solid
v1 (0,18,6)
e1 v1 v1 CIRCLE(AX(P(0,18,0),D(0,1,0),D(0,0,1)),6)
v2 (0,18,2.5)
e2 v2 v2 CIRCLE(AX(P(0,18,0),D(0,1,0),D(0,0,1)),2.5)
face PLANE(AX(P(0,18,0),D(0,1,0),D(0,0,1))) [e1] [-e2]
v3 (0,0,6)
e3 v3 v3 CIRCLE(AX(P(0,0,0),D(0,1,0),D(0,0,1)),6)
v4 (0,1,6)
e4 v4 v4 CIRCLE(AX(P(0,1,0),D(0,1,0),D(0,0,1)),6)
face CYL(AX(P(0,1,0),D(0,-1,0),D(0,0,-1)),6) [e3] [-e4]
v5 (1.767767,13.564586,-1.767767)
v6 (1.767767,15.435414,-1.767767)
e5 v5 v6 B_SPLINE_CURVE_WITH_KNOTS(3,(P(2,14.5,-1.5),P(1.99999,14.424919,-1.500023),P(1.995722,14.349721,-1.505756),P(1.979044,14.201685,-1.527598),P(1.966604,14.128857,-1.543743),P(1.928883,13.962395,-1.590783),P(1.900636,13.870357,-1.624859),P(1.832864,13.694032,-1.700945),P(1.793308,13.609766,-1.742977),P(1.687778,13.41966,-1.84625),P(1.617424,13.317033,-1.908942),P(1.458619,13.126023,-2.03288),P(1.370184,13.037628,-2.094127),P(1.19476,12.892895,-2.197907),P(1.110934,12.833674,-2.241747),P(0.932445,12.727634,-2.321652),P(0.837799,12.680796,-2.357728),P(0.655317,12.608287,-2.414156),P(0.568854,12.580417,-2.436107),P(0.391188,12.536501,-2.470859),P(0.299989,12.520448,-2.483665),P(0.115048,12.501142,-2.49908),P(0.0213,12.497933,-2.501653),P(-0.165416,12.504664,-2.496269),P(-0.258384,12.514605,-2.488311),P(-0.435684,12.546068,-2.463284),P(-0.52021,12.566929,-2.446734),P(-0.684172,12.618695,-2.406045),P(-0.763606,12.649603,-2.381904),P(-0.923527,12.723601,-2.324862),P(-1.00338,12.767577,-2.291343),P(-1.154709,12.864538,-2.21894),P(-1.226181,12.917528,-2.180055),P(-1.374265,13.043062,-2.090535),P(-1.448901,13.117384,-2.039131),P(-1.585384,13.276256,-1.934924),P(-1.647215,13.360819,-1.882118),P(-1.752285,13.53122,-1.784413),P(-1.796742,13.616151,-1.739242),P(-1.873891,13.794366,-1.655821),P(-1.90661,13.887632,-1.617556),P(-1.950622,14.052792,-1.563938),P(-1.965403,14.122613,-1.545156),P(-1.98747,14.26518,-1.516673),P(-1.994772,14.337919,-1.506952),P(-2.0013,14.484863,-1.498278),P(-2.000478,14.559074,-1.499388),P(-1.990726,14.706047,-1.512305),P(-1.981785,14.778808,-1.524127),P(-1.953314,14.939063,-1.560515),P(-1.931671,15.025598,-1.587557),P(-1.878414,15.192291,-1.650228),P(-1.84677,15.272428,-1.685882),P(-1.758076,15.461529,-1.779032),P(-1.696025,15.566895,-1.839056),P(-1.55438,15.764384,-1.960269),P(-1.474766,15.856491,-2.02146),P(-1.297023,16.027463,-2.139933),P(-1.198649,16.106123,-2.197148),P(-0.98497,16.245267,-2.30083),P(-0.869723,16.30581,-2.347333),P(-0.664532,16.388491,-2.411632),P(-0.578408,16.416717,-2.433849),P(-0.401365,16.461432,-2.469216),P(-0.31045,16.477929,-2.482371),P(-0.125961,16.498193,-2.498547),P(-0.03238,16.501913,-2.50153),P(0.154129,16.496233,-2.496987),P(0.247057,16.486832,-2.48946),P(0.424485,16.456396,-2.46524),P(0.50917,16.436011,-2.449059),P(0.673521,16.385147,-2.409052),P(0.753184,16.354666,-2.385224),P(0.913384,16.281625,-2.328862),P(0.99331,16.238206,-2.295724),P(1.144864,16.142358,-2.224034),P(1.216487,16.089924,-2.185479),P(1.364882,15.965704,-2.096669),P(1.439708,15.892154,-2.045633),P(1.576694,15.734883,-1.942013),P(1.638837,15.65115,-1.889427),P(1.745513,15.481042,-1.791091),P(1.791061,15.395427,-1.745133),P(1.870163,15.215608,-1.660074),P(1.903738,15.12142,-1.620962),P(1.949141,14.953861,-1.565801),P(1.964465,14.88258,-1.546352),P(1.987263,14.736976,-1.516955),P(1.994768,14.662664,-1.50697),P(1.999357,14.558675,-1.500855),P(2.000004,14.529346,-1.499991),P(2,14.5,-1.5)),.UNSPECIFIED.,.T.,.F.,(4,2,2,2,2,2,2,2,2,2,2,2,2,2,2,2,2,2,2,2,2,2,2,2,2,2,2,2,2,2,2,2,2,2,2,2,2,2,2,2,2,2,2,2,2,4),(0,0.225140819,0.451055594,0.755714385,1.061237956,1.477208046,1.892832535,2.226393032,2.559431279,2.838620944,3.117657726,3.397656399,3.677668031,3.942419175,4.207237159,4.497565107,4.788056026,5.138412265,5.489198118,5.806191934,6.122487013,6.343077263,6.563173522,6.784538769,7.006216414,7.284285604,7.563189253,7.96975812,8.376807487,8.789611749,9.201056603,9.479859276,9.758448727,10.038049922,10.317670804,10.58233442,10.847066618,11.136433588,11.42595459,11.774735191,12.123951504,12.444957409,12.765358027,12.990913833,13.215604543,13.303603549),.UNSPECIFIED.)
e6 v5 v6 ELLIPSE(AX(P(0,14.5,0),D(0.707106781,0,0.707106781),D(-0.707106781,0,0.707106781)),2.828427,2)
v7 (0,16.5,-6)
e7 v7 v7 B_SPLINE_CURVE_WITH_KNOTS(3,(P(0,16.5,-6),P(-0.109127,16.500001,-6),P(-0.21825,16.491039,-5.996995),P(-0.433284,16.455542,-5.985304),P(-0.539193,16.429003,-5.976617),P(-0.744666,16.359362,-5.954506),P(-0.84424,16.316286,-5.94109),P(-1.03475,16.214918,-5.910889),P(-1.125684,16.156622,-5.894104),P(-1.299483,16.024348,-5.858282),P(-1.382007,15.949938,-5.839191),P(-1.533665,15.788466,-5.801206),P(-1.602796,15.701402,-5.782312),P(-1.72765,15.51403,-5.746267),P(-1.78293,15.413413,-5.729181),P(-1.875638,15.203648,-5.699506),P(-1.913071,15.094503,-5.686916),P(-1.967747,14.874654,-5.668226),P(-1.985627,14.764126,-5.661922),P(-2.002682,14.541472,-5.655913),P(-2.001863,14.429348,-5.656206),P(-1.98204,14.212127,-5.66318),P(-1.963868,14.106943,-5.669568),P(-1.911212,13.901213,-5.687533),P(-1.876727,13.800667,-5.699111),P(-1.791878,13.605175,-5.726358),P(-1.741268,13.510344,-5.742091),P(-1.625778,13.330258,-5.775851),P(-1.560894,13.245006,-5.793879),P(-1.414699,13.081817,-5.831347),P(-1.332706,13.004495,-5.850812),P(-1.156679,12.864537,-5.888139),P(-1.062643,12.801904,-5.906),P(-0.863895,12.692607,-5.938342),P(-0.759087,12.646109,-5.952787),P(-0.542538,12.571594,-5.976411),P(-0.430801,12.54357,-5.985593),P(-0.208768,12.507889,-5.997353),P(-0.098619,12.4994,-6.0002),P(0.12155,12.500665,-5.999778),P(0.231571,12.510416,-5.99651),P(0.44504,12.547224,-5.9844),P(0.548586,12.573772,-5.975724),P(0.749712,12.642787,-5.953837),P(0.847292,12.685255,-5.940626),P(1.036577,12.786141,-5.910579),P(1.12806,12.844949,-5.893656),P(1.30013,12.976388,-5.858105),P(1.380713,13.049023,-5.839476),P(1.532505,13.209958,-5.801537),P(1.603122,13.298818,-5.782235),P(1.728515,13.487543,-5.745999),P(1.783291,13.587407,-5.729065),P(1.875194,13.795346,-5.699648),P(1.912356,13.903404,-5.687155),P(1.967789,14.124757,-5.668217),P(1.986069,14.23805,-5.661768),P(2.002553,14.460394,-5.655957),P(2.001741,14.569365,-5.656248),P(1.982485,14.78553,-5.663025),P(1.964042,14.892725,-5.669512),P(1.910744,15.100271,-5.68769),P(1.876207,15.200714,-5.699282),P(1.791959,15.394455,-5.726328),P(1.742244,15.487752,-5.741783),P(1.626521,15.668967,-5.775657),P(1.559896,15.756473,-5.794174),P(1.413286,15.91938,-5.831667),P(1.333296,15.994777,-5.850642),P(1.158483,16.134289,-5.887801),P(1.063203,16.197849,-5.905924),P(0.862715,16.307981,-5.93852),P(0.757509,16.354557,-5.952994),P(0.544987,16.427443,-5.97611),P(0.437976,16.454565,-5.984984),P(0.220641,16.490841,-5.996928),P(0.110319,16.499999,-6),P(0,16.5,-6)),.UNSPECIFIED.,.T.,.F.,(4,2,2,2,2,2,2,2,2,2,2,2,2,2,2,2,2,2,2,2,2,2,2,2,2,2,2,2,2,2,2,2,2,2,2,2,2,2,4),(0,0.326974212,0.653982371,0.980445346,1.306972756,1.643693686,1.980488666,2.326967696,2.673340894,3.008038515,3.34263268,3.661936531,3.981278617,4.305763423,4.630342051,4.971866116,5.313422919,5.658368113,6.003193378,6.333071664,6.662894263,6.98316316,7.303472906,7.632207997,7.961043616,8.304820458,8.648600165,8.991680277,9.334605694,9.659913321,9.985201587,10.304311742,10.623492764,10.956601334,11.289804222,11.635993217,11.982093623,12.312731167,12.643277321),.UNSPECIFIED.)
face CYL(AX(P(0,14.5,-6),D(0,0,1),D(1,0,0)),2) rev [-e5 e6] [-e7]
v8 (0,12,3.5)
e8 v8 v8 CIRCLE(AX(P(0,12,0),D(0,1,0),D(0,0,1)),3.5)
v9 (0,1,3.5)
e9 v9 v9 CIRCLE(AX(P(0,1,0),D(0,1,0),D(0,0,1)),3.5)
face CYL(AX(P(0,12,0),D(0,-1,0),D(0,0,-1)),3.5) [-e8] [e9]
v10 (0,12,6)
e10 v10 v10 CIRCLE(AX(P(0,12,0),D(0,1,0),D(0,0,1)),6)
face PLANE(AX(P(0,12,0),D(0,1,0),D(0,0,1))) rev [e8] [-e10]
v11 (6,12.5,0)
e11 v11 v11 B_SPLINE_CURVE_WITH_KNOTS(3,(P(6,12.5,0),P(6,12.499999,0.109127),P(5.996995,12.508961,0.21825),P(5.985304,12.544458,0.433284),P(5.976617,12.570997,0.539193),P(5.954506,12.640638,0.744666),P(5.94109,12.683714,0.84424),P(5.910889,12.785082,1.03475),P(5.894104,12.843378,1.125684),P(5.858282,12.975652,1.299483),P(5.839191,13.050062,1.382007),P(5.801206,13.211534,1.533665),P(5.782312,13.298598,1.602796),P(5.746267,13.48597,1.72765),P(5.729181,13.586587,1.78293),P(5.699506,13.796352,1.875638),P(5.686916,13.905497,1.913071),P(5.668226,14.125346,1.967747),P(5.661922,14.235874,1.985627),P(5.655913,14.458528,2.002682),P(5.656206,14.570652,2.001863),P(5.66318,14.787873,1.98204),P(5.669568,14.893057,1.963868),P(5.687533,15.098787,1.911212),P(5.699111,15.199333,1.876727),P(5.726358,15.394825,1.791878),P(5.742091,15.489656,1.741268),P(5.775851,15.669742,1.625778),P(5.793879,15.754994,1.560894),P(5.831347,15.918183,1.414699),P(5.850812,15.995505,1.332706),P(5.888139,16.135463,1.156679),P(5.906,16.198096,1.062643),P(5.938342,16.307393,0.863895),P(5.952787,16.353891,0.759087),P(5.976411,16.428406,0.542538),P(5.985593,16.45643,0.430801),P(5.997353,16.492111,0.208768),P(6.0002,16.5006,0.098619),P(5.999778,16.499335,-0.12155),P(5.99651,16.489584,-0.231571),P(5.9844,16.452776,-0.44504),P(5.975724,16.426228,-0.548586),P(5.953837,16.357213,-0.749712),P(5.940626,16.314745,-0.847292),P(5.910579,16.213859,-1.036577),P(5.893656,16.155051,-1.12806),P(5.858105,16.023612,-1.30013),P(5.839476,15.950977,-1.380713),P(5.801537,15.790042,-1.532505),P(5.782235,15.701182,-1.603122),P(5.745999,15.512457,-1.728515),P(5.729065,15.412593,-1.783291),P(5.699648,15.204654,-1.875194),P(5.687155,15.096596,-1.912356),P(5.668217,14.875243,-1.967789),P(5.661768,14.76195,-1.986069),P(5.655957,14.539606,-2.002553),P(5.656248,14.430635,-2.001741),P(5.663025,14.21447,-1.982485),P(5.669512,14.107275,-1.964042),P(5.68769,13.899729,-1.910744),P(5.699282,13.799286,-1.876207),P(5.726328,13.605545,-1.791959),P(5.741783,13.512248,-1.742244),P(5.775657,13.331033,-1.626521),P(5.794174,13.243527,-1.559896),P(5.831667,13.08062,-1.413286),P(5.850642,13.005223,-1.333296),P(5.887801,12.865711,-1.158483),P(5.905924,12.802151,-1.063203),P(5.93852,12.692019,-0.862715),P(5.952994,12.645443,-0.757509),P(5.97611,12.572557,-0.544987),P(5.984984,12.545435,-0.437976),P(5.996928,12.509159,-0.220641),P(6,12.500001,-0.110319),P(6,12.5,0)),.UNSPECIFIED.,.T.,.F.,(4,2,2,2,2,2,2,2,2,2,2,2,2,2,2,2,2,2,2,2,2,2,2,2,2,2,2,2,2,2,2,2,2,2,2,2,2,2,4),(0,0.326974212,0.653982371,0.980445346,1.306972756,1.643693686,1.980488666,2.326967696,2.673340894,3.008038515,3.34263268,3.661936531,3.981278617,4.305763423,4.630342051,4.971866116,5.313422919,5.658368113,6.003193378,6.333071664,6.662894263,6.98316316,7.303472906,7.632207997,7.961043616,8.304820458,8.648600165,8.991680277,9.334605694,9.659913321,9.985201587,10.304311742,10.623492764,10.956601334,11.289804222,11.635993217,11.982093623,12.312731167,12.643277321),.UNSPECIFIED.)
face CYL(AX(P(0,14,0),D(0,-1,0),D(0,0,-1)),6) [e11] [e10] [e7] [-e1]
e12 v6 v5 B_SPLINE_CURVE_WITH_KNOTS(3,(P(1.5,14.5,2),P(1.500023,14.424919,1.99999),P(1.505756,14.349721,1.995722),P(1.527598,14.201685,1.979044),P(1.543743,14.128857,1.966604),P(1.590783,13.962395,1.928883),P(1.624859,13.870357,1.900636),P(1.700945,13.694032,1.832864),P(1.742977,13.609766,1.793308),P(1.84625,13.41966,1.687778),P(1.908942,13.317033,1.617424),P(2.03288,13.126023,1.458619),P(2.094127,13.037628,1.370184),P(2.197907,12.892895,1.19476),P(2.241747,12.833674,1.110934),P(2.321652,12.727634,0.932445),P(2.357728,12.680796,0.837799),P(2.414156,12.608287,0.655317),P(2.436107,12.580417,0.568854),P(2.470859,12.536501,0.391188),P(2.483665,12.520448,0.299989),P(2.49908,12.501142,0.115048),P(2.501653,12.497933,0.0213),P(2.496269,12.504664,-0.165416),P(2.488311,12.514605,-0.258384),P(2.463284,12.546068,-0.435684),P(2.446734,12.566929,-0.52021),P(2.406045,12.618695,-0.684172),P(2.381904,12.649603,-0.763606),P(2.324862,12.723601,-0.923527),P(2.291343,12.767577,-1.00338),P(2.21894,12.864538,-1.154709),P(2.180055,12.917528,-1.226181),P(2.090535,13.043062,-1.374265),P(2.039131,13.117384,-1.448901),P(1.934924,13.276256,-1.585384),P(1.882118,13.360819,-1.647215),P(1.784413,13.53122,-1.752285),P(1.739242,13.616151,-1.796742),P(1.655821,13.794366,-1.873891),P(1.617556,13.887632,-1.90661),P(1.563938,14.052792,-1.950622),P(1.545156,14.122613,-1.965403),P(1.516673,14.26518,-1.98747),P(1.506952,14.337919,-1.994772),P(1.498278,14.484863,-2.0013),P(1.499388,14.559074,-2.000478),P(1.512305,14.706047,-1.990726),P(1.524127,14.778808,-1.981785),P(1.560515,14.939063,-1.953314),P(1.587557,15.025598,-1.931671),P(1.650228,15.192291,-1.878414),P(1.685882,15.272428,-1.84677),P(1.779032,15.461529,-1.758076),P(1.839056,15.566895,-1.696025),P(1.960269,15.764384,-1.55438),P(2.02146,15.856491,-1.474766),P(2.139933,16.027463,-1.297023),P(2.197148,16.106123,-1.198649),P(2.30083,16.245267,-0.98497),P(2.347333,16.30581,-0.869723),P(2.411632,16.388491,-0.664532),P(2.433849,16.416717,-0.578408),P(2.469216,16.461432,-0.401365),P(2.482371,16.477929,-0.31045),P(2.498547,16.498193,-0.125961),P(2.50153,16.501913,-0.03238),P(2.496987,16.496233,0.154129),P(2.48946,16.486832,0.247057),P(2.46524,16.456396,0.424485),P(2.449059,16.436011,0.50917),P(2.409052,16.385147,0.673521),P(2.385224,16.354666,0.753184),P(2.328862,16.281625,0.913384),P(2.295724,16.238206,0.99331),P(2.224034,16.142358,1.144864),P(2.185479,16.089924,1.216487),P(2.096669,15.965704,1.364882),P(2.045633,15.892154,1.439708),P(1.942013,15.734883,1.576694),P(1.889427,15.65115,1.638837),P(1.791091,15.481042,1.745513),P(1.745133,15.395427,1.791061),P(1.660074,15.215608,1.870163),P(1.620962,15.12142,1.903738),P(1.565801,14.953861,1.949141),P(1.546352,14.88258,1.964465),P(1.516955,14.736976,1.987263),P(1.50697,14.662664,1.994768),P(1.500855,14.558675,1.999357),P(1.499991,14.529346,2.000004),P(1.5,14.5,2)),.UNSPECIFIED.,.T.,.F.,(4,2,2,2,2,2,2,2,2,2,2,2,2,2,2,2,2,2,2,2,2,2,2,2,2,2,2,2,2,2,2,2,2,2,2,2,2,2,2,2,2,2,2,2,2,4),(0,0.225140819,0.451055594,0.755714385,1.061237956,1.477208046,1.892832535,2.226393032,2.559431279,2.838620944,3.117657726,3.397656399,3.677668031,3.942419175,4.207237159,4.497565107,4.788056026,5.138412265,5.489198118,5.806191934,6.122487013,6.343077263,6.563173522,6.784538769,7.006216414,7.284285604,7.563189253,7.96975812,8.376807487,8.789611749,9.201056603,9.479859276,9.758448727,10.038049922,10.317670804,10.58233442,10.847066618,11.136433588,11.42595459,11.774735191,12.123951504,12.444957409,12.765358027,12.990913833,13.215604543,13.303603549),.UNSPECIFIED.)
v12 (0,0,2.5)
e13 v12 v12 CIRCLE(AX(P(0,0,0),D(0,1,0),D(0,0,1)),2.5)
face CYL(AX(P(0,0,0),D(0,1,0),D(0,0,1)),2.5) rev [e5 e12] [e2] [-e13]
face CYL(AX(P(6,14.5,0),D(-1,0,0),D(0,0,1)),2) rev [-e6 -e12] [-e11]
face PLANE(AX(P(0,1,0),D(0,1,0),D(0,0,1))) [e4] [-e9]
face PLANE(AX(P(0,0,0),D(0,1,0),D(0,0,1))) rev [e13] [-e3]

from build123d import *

# Parameters (mm, degrees)
SKETCH1_R           = 6
BOSS_EXTRUDE1_DEPTH = 1
SKETCH2_R           = 3.5
BOSS_EXTRUDE2_DEPTH = 11
SKETCH3_R           = 6
BOSS_EXTRUDE3_DEPTH = 2
SKETCH4_R           = 6
BOSS_EXTRUDE4_DEPTH = 4
SKETCH5_R           = 2.5
CUT_EXTRUDE1_DEPTH  = 19
SKETCH6_R           = 2
CUT_EXTRUDE2_DEPTH  = 7
CIRPATTERN1_COUNT   = 2
CIRPATTERN1_ANGLE   = 90


with BuildPart() as part:
    # Sketch1 → Boss-Extrude1 (new body)
    with BuildSketch(Plane(origin=(0, 0, 0), x_dir=(1, 0, 0), z_dir=(0, 1, 0))):
        Circle(SKETCH1_R)
    extrude(amount=BOSS_EXTRUDE1_DEPTH)

    # Sketch2 → Boss-Extrude2 (add)
    with BuildSketch(Plane(origin=(0, 1, 0), x_dir=(1, 0, 0), z_dir=(0, 1, 0))):
        Circle(SKETCH2_R)
    extrude(amount=BOSS_EXTRUDE2_DEPTH)

    # Sketch3 → Boss-Extrude3 (add)
    with BuildSketch(Plane(origin=(0, 12, 0), x_dir=(1, 0, 0), z_dir=(0, 1, 0))):
        Circle(SKETCH3_R)
    extrude(amount=BOSS_EXTRUDE3_DEPTH)

    # Sketch4 → Boss-Extrude4 (add)
    with BuildSketch(Plane(origin=(0, 14, 0), x_dir=(1, 0, 0), z_dir=(0, 1, 0))):
        Circle(SKETCH4_R)
    extrude(amount=BOSS_EXTRUDE4_DEPTH)

    # Sketch5 → Cut-Extrude1 (cut, through all)
    with BuildSketch(Plane(origin=(0, 18, 0), x_dir=(1, 0, 0), z_dir=(0, 1, 0))):
        Circle(SKETCH5_R)
    extrude(amount=-CUT_EXTRUDE1_DEPTH, mode=Mode.SUBTRACT)

    # Sketch6 → Cut-Extrude2 (cut, through all)
    with BuildSketch(Plane.XY):
        with Locations((0, 14.5)):
            Circle(SKETCH6_R)
    cut_extrude2 = extrude(amount=-CUT_EXTRUDE2_DEPTH, mode=Mode.SUBTRACT)

    # CirPattern1: Cut-Extrude2 ×2 about axis
    cirpattern1_axis = Axis((0, 14, 0), (0, -1, 0))
    for i in range(1, CIRPATTERN1_COUNT):
        add(cut_extrude2.rotate(cirpattern1_axis, i * CIRPATTERN1_ANGLE / (CIRPATTERN1_COUNT - 1)), mode=Mode.SUBTRACT)


solid = part.part
